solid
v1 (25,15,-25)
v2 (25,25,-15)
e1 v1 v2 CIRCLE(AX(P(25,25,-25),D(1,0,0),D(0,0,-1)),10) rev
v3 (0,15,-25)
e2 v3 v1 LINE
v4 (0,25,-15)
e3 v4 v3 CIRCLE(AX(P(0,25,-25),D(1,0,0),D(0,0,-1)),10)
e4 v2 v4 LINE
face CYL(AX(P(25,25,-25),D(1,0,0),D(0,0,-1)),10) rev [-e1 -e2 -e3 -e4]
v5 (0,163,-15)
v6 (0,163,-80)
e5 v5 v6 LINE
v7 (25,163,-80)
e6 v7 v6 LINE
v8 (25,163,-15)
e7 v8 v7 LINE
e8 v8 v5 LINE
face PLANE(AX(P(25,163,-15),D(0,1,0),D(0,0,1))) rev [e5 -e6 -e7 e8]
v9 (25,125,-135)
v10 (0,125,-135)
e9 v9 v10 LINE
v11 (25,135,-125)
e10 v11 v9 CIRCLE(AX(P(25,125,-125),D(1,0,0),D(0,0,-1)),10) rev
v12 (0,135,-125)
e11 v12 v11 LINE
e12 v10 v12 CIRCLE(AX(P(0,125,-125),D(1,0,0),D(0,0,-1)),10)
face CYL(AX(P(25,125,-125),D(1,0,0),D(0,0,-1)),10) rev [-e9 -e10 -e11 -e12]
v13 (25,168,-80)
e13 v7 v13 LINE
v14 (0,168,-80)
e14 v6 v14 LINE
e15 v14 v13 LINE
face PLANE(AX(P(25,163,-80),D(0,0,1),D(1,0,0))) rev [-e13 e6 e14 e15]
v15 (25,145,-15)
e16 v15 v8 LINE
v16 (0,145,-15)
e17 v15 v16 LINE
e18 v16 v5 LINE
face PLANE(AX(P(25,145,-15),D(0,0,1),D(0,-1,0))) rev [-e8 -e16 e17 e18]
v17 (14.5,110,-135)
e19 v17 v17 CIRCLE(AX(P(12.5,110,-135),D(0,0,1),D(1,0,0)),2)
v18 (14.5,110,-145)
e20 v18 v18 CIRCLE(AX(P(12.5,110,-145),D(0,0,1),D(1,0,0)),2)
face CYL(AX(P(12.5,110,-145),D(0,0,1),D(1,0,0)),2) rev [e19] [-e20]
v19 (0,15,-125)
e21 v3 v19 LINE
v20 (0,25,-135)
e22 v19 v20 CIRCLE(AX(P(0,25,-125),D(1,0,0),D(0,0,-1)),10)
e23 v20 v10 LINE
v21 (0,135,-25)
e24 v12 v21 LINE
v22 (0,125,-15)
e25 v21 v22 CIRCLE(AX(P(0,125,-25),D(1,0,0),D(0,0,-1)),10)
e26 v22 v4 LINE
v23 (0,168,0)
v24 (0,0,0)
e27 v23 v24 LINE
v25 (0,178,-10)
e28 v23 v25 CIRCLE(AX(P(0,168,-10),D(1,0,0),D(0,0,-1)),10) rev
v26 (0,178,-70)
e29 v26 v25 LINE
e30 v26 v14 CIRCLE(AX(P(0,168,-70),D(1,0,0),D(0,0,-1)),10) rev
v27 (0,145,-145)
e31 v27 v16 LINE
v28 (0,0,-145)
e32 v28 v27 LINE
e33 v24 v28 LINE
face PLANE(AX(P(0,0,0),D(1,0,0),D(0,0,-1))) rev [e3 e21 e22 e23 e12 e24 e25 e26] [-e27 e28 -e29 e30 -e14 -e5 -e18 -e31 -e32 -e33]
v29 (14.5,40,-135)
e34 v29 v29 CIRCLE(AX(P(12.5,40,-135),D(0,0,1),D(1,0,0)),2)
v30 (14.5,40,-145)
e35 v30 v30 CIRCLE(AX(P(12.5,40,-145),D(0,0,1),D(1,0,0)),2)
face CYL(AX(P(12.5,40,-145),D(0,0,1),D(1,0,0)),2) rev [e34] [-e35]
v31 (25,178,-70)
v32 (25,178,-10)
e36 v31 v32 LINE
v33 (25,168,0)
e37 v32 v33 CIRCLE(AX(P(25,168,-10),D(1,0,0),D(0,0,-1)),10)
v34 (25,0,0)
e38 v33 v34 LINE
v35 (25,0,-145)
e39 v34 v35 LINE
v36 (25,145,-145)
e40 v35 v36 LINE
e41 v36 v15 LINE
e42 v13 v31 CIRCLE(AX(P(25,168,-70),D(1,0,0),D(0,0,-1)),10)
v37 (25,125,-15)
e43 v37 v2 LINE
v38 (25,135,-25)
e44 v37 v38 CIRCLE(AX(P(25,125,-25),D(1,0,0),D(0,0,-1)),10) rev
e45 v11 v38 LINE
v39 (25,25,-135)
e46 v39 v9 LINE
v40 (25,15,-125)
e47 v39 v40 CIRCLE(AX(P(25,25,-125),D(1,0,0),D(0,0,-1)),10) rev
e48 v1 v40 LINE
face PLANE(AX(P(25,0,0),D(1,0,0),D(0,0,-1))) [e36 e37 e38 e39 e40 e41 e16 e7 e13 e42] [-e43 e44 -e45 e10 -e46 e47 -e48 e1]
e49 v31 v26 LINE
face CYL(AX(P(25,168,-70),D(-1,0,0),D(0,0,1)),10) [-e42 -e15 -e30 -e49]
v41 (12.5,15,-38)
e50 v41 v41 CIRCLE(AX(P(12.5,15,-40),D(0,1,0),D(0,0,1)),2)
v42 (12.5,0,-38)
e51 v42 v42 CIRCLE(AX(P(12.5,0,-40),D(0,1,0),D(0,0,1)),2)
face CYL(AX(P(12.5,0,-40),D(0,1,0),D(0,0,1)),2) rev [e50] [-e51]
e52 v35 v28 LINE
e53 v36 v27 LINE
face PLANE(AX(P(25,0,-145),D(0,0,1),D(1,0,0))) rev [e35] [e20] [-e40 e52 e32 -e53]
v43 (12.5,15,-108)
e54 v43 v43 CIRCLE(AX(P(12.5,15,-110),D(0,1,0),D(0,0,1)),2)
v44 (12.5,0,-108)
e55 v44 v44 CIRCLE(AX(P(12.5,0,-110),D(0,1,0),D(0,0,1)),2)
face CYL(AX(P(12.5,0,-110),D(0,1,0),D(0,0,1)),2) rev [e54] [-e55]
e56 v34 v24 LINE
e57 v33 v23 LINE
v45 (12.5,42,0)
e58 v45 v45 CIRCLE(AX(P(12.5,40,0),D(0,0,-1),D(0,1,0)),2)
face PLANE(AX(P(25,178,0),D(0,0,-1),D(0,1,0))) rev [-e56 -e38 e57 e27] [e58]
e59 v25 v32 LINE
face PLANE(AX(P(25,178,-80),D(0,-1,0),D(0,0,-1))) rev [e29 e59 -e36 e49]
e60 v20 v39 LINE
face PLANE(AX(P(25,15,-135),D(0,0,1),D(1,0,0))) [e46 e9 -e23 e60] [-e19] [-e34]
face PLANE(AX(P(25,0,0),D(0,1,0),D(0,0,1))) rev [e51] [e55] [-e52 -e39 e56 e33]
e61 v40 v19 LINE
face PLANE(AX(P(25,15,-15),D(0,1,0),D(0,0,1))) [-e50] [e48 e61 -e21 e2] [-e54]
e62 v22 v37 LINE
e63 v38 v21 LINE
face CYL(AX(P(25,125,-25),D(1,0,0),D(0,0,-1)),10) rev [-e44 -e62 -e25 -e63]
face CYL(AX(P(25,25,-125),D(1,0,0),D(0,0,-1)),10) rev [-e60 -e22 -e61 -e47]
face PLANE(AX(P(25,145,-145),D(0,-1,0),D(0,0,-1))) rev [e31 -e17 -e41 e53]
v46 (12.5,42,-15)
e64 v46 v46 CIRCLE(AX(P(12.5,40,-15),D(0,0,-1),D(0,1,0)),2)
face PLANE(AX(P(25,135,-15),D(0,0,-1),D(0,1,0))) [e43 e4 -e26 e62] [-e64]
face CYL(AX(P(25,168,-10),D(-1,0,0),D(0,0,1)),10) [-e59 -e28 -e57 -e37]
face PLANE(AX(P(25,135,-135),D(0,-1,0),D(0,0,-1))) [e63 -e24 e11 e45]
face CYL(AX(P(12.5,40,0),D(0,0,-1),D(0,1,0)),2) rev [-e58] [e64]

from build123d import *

# Parameters (mm, degrees)
ESQUISSE1_W             = 120
ESQUISSE1_H             = 120
BOSS_EXTRU_1_DEPTH      = 25
ESQUISSE2_R             = 2
ENL_V_MAT_EXTRU_1_DEPTH = 220.588251052
ESQUISSE3_R             = 2
ENL_V_MAT_EXTRU_2_DEPTH = 225.797686821
ESQUISSE4_R             = 2
ENL_V_MAT_EXTRU_3_DEPTH = 222.831016767
CONG_1_R                = 10
CONG_2_R                = 10


with BuildPart() as part:
    # Esquisse1 → Boss.-Extru.1 (new body)
    with BuildSketch(Plane(origin=(0, 0, 0), x_dir=(0, 0, -1), z_dir=(1, 0, 0))):
        Polygon((0, 0), (145, 0), (145, 145), (15, 145), (15, 163), (80, 163), (80, 178), (0, 178), align=None)
        with Locations((75, 75)):
            Rectangle(ESQUISSE1_W, ESQUISSE1_H, mode=Mode.SUBTRACT)
    extrude(amount=BOSS_EXTRU_1_DEPTH)

    # Esquisse2 → Enlèv. mat.-Extru.1 (cut, through all)
    with BuildSketch(Plane(origin=(0, 15, 0), x_dir=(1, 0, 0), z_dir=(0, 1, 0))):
        with Locations(Location((12.5, 40, 0), (0, 0, 270))):
            Circle(ESQUISSE2_R)
        with Locations(Location((12.5, 110, 0), (0, 0, 270))):
            Circle(ESQUISSE2_R)
    extrude(amount=-ENL_V_MAT_EXTRU_1_DEPTH, mode=Mode.SUBTRACT)

    # Esquisse3 → Enlèv. mat.-Extru.2 (cut, through all)
    with BuildSketch(Plane.XY.offset(-135)):
        with Locations((12.5, 40)):
            Circle(ESQUISSE3_R)
        with Locations((12.5, 110)):
            Circle(ESQUISSE3_R)
    extrude(amount=-ENL_V_MAT_EXTRU_2_DEPTH, mode=Mode.SUBTRACT)

    # Esquisse4 → Enlèv. mat.-Extru.3 (cut, through all)
    with BuildSketch(Plane(origin=(0, 0, -15), x_dir=(-1, 0, 0), z_dir=(0, 0, -1))):
        with Locations(Location((-12.5, 40, 0), (0, 0, 180))):
            Circle(ESQUISSE4_R)
    extrude(amount=-ENL_V_MAT_EXTRU_3_DEPTH, mode=Mode.SUBTRACT)

    # Congé1
    cong_1_edges = [part.edges().sort_by_distance(p)[0] for p in [
        (12.5, 178, 0),
        (12.5, 178, -80),
    ]]
    fillet(cong_1_edges, radius=CONG_1_R)

    # Congé2
    cong_2_edges = [part.edges().sort_by_distance(p)[0] for p in [
        (12.5, 135, -135),
        (12.5, 135, -15),
        (12.5, 15, -15),
        (12.5, 15, -135),
    ]]
    fillet(cong_2_edges, radius=CONG_2_R)


solid = part.part
